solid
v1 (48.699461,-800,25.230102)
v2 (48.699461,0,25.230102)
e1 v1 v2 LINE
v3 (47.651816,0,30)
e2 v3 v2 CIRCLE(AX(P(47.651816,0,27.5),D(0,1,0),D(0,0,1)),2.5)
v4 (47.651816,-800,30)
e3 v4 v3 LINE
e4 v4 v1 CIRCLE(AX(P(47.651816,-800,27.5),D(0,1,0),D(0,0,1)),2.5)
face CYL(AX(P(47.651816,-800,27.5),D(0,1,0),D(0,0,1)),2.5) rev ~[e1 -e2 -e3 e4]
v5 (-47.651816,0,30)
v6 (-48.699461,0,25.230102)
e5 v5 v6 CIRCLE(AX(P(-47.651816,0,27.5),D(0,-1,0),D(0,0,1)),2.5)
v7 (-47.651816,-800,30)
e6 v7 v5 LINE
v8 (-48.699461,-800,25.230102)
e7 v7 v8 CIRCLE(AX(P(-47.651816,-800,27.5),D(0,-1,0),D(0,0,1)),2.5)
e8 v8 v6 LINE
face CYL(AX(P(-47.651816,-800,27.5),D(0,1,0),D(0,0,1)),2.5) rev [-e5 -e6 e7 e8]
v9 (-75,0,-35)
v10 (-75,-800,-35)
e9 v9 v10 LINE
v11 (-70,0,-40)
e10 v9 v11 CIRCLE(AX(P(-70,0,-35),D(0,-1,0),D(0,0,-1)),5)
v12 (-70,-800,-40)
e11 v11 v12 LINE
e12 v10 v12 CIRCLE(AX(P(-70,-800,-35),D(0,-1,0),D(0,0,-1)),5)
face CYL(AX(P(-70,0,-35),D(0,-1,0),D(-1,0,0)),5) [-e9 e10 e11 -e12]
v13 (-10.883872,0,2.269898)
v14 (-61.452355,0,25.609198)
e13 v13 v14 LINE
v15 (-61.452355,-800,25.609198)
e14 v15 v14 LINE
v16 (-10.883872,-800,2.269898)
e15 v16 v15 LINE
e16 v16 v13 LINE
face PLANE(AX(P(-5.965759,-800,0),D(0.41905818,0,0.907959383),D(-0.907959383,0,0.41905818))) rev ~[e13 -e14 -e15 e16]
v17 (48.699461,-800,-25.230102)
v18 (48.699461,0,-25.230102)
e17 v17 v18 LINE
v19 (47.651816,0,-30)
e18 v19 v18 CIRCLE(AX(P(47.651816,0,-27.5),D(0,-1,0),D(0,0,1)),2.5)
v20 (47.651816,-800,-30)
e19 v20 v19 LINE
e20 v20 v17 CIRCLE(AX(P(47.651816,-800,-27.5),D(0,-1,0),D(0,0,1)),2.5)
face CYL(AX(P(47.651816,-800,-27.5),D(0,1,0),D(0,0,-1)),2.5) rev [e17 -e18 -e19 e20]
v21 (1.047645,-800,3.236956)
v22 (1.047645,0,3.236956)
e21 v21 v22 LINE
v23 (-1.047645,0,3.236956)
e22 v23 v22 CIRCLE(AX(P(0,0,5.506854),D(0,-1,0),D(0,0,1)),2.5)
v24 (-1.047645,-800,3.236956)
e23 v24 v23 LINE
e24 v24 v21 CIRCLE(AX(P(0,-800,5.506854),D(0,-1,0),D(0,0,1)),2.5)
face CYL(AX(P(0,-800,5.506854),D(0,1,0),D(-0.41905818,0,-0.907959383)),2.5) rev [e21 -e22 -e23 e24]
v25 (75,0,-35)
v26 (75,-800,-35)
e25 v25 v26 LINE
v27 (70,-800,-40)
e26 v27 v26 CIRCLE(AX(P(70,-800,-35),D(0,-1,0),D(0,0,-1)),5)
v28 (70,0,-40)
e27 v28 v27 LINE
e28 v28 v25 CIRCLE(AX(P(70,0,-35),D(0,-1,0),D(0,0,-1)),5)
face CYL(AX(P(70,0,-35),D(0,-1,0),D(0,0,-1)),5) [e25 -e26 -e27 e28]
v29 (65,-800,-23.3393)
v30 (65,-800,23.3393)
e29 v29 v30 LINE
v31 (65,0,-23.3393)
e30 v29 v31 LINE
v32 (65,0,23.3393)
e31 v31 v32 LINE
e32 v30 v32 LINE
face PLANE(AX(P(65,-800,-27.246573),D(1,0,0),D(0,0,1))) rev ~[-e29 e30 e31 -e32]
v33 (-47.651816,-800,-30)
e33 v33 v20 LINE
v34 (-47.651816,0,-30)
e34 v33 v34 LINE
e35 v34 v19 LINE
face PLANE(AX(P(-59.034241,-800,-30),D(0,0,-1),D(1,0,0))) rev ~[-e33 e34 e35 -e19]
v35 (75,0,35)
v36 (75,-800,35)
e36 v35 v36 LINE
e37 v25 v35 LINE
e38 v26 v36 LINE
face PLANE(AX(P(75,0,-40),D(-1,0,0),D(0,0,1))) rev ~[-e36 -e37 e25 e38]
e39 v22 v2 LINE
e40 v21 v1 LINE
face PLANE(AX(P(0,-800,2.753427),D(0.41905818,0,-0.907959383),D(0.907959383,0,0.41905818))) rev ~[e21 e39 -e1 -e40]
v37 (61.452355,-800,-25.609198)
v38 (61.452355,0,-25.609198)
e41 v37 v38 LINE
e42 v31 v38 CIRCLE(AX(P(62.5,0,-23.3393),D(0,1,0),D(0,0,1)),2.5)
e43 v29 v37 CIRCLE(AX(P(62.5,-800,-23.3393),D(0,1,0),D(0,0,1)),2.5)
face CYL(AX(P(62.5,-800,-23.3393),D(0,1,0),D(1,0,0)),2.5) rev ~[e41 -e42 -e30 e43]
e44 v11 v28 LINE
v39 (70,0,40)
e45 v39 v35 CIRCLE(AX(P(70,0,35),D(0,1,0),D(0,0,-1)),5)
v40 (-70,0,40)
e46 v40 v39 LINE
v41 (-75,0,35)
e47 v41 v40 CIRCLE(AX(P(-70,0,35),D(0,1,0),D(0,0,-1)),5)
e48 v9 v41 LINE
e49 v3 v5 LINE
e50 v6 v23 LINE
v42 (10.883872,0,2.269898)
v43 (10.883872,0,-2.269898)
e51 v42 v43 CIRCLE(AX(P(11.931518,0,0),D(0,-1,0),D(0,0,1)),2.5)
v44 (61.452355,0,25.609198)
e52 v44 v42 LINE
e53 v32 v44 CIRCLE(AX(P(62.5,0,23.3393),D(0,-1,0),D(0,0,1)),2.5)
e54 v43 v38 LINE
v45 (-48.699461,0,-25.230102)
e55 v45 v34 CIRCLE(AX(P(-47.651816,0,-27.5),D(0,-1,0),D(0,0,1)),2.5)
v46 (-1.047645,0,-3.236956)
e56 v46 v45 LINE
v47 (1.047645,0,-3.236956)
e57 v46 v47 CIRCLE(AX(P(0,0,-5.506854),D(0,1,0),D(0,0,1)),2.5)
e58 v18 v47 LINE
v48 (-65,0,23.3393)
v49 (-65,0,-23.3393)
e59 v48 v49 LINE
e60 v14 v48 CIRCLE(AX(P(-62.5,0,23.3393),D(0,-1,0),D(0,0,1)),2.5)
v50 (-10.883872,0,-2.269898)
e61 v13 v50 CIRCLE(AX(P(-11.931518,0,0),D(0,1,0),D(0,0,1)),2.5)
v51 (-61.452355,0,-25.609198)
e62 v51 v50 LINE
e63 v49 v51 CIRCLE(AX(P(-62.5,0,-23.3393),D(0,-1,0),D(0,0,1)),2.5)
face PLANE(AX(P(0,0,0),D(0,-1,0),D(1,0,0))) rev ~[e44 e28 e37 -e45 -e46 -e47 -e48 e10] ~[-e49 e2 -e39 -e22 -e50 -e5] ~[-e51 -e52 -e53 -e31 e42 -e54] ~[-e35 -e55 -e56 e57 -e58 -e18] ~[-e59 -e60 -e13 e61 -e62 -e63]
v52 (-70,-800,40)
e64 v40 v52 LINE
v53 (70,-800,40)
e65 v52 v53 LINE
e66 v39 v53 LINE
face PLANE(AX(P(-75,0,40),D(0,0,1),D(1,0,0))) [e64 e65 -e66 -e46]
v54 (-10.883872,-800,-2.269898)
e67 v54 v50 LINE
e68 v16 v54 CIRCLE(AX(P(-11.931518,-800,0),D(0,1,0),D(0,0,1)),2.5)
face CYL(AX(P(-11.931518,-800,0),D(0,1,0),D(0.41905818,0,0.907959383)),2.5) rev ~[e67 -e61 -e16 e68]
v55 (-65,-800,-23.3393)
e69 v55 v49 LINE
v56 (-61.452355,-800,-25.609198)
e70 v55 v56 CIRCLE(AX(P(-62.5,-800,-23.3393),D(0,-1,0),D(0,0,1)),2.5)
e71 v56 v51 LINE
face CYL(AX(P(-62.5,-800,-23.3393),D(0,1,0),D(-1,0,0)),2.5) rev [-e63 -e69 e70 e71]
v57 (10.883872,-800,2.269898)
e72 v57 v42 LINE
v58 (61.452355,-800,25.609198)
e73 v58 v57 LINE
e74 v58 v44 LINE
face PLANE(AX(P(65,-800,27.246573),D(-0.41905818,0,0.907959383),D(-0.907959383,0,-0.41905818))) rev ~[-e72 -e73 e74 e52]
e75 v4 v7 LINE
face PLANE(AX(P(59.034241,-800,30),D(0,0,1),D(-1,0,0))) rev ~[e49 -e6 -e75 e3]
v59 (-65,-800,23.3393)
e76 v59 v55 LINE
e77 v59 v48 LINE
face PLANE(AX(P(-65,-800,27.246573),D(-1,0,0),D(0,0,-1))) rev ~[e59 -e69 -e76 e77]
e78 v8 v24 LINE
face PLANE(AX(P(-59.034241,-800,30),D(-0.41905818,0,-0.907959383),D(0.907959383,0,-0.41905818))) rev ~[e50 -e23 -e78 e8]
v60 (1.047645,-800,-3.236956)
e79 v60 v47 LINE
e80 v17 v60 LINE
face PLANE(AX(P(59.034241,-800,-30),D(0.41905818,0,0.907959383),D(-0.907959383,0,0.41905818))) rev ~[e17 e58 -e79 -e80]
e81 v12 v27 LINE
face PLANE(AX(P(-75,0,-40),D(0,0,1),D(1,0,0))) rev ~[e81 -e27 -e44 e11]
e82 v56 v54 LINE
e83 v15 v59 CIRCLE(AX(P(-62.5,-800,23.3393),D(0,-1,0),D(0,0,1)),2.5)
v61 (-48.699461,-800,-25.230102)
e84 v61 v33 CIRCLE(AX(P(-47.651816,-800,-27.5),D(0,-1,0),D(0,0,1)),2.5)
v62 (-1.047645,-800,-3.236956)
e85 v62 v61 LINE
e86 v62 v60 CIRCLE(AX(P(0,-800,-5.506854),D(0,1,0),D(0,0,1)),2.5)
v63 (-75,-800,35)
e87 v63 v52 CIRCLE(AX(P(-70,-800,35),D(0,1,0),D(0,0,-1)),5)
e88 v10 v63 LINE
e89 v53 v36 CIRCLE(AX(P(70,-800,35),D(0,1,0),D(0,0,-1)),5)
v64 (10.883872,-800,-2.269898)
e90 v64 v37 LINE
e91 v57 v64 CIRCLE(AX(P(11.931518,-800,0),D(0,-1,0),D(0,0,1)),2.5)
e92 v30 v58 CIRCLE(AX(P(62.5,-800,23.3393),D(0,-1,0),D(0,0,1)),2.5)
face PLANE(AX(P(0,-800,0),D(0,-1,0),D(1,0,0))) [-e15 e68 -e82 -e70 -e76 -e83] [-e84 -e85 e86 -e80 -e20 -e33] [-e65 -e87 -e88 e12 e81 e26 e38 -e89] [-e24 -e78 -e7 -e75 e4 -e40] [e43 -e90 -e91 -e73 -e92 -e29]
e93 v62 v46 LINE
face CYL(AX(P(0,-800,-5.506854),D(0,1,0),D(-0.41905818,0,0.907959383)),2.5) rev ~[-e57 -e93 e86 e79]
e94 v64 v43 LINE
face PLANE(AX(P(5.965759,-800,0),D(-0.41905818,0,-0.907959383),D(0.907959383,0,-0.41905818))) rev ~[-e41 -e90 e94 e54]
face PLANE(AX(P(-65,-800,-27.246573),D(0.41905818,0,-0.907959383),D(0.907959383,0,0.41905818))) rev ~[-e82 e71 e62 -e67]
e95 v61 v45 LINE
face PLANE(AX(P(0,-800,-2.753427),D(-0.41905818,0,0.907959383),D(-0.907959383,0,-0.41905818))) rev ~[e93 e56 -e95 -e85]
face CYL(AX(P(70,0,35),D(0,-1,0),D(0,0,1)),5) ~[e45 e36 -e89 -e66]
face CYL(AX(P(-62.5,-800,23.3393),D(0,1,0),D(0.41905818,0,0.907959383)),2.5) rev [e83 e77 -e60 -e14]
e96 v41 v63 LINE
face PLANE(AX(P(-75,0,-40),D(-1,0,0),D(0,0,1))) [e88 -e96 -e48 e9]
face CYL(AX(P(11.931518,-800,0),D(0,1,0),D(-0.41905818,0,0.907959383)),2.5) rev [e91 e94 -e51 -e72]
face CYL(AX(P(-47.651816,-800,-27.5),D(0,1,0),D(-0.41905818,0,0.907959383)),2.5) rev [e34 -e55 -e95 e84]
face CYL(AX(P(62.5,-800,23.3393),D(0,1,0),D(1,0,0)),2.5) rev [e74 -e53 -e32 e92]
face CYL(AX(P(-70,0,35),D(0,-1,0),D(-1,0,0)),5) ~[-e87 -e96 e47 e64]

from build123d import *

# Parameters (mm, degrees)
F0_W     = 150
F0_H     = 80
F1_DEPTH = 800
F3_DEPTH = 800.001
F4_R     = 2.5
F5_R     = 5


with BuildPart() as f1:
    # F0 (on Front) → F1 (new body)
    with BuildSketch(Plane.XZ):
        Rectangle(F0_W, F0_H)
    extrude(amount=F1_DEPTH)

    # F2 (on face) → F3 (cut, through all)
    with BuildSketch(Plane.XZ.offset(800)):
        Polygon((59.034241, 30), (-59.034241, 30), (0, 2.753427), align=None)
        Polygon((0, -2.753427), (-59.034241, -30), (59.034241, -30), align=None)
        Polygon((-5.965759, 0), (-65, 27.246573), (-65, -27.246573), align=None)
        Polygon((65, -27.246573), (65, 27.246573), (5.965759, 0), align=None)
    extrude(amount=-F3_DEPTH, mode=Mode.SUBTRACT)

    # F4
    f4_edges = [f1.edges().sort_by_distance(p)[0] for p in [
        (-59.034241, -400, 30),
        (5.965759, -400, 0),
        (0, -400, -2.753427),
        (-5.965759, -400, 0),
        (0, -400, 2.753427),
        (65, -400, -27.246573),
        (65, -400, 27.246573),
        (59.034241, -400, 30),
        (-65, -400, 27.246573),
        (-65, -400, -27.246573),
        (-59.034241, -400, -30),
        (59.034241, -400, -30),
    ]]
    fillet(f4_edges, radius=F4_R)

    # F5
    f5_edges = [f1.edges().sort_by_distance(p)[0] for p in [
        (-75, -400, 40),
        (-75, -400, -40),
        (75, -400, 40),
        (75, -400, -40),
    ]]
    fillet(f5_edges, radius=F5_R)


solid = f1.part
